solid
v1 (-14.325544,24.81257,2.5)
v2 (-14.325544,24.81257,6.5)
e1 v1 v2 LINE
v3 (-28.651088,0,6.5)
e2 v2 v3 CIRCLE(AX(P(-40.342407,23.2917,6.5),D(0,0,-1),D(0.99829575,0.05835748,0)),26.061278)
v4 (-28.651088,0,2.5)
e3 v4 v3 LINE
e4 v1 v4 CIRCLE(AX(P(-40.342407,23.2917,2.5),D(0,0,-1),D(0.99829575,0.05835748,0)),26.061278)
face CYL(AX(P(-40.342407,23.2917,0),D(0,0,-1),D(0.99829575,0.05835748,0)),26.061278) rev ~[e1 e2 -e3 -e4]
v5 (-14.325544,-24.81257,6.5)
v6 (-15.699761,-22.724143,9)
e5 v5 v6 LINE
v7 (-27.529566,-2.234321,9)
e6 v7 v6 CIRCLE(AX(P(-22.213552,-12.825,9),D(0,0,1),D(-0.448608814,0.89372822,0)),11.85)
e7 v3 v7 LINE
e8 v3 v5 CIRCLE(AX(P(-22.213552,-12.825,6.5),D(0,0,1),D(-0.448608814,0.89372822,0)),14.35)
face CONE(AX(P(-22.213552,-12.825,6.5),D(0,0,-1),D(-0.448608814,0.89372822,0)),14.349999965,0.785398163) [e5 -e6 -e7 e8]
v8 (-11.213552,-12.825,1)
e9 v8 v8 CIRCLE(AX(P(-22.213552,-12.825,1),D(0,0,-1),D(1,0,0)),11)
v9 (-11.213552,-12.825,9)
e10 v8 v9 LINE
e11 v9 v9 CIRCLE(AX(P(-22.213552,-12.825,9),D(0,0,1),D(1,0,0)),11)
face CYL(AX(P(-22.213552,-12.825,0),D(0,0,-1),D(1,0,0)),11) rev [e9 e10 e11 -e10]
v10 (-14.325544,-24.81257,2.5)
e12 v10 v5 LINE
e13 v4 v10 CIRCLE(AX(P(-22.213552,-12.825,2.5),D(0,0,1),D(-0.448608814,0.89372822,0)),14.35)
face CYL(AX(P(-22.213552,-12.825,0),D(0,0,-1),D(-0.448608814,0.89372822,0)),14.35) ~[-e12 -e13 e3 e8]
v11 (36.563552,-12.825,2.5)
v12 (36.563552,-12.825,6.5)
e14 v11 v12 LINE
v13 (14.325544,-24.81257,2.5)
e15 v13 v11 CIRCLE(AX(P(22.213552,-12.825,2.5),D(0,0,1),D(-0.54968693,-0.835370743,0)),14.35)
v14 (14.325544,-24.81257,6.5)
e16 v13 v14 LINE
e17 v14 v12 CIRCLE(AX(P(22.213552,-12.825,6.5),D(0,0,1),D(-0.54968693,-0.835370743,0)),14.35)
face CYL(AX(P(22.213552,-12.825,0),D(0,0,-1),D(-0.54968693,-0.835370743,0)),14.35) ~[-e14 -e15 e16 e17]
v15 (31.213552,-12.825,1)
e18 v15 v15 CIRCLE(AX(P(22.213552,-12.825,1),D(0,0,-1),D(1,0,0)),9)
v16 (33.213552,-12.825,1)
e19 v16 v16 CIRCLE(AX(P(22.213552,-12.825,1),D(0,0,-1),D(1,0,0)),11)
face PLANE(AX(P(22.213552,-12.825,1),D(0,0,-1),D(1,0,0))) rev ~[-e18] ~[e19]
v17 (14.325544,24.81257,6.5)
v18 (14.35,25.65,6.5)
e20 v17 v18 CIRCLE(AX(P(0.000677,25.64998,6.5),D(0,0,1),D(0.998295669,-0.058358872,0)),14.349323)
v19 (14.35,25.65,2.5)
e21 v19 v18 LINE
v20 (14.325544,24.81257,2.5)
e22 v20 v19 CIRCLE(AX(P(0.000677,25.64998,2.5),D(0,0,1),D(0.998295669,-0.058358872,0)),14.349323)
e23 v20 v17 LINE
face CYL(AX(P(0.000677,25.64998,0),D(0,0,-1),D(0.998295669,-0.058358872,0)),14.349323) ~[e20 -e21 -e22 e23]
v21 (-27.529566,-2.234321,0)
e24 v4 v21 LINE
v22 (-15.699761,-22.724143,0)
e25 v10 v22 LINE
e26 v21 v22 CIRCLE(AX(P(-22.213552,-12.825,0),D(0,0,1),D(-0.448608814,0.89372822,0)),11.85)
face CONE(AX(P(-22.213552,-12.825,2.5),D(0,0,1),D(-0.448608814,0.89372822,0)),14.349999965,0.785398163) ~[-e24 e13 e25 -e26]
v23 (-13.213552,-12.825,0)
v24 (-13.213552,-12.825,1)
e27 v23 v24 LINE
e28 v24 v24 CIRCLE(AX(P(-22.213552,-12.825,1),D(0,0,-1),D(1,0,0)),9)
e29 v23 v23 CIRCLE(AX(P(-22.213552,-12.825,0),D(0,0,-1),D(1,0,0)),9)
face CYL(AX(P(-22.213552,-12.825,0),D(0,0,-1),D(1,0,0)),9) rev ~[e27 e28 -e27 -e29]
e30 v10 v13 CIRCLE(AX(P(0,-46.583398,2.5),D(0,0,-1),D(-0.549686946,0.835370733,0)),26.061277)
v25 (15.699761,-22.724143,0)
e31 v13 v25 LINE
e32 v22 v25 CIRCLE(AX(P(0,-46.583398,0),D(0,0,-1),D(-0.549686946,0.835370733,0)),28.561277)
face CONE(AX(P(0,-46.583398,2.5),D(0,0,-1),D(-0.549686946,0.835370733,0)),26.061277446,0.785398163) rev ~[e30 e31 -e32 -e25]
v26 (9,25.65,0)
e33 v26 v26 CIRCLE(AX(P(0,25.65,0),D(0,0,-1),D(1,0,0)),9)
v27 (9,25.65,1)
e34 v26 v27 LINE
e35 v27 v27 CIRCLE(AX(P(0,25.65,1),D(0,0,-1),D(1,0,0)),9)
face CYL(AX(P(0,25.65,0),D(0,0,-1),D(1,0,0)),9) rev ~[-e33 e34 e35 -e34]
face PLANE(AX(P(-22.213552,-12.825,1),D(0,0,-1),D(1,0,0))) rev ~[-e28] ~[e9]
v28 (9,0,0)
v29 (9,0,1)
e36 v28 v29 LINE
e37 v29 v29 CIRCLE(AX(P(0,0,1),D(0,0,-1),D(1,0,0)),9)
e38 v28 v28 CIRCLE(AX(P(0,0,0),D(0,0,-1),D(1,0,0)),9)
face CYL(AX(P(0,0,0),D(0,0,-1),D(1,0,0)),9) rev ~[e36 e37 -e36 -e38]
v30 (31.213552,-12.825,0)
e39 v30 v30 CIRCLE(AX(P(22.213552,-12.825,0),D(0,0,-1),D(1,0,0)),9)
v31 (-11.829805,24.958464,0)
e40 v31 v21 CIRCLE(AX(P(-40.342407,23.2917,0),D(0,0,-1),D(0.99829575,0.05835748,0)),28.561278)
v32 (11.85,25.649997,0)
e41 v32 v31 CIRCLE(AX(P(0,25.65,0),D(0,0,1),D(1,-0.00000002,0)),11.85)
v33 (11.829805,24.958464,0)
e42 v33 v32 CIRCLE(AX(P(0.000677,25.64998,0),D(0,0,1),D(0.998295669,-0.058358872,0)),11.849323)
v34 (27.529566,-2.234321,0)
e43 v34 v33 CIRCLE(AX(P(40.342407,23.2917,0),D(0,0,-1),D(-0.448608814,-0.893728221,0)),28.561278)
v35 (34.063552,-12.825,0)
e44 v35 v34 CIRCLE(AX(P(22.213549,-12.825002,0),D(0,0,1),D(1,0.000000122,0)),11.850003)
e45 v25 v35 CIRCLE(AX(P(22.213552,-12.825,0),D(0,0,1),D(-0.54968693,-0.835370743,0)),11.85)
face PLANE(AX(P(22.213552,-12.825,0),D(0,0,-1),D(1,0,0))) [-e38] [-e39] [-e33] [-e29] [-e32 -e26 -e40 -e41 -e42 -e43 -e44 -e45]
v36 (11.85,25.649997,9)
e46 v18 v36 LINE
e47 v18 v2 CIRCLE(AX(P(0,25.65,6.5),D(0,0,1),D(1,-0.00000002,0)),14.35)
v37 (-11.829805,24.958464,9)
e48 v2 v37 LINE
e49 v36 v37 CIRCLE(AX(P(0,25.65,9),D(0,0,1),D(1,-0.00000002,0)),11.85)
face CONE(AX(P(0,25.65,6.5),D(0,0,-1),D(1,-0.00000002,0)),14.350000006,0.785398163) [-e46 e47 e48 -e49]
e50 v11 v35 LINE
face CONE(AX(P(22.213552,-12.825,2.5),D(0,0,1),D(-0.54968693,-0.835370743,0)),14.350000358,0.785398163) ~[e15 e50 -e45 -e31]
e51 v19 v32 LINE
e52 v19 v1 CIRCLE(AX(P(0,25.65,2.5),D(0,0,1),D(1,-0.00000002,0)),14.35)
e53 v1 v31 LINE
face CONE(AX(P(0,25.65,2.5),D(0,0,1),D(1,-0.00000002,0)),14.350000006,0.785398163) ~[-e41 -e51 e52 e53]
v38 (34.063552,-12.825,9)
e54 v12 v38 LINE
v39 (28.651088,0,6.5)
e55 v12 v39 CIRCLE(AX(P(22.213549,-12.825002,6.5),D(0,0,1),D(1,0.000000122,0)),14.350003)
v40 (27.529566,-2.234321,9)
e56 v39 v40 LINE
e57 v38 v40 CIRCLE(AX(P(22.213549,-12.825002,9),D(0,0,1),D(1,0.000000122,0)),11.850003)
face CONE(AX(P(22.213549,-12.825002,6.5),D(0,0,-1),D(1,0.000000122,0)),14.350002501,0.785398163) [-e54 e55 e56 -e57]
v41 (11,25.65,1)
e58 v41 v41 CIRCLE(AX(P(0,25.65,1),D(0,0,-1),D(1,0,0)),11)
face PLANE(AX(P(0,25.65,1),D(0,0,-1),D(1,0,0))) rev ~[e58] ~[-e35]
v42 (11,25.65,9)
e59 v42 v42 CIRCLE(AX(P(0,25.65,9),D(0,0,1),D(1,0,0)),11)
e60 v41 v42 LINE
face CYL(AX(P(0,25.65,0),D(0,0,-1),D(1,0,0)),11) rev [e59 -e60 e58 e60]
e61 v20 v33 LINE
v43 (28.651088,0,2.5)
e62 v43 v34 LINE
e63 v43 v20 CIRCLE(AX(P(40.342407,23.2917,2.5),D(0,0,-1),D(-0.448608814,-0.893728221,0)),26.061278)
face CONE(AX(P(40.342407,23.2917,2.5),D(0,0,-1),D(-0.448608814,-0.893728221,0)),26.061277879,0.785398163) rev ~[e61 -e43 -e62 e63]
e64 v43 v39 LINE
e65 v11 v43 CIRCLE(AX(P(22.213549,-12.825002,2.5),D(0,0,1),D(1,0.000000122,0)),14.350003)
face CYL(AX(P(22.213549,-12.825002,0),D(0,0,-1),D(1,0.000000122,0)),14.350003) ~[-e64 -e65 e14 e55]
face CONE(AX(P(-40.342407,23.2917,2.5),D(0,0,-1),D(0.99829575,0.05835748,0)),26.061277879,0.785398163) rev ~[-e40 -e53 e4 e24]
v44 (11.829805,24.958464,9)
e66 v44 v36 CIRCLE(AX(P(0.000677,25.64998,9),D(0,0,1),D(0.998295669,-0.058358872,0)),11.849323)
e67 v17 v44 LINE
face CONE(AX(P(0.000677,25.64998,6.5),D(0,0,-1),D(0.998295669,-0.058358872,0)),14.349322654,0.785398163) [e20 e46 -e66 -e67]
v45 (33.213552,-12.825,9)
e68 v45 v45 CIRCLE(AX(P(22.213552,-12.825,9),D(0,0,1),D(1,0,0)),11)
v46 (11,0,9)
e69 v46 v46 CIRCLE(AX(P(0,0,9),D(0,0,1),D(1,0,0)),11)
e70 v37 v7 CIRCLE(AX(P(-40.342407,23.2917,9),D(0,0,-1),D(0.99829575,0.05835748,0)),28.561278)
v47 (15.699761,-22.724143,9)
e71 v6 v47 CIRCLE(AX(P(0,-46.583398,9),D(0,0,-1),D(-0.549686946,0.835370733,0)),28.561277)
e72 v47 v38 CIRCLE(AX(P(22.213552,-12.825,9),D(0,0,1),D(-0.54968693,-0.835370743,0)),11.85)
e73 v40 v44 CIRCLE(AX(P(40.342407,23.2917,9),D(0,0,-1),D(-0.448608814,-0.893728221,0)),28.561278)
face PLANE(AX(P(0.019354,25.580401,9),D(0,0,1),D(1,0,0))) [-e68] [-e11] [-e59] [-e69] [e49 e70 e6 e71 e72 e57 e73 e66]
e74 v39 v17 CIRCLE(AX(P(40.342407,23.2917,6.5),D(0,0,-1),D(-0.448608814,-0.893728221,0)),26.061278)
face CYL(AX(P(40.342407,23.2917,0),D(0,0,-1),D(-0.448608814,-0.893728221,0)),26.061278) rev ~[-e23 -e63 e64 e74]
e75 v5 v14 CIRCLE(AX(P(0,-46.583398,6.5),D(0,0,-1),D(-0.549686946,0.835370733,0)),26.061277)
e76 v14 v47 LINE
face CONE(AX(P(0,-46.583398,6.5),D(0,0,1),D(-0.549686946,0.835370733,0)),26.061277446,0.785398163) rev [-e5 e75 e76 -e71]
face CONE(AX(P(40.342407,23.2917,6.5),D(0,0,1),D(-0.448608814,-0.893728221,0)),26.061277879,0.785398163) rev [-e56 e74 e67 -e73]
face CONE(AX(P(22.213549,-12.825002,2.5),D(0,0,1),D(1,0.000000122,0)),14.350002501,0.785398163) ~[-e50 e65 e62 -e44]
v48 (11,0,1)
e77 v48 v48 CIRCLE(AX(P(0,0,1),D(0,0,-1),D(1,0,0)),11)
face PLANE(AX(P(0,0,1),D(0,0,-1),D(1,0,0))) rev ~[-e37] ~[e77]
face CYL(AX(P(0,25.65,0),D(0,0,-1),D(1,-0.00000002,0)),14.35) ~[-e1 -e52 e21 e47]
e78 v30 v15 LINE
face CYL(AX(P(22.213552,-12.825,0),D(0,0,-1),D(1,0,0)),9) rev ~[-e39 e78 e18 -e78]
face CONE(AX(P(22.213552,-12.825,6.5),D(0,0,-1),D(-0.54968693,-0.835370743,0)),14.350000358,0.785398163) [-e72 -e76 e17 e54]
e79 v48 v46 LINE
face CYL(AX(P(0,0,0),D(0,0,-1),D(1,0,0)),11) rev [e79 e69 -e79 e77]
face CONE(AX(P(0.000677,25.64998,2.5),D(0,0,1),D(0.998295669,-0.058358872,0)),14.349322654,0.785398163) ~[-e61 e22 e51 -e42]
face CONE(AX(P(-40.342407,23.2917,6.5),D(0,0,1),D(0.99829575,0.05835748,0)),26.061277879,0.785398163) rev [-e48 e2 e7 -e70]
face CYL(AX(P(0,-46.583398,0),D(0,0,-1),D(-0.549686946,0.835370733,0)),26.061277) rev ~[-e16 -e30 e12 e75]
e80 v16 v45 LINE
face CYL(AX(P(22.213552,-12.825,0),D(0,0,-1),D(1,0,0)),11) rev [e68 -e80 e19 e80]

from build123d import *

# Parameters (mm, degrees)
F0_R     = 11
F1_DEPTH = 9
F2_SIZE  = 2.5
F3_R     = 11
F3_R_2   = 9
F4_DEPTH = 1


with BuildPart() as f1:
    # F0 (on Top) → F1 (new body)
    with BuildSketch(Plane.XY):
        with BuildLine():
            ThreePointArc((14.325544, 24.81257), (14.343885, 25.231107), (14.35, 25.65))
            ThreePointArc((14.35, 25.65), (-0.418893, 39.993885), (-14.325544, 24.81257))
            ThreePointArc((-14.325544, 24.81257), (0, 11.3), (14.325544, 24.81257))
        make_face()
        with Locations((0, 25.65)):
            Circle(F0_R, mode=Mode.SUBTRACT)
        with BuildLine():
            ThreePointArc((14.325544, 24.81257), (0, 11.3), (-14.325544, 24.81257))
            ThreePointArc((-14.325544, 24.81257), (-17.772678, 10.261061), (-28.651088, 0))
            ThreePointArc((-28.651088, 0), (-14.678837, -0.612278), (-7.863552, -12.825))
            ThreePointArc((-7.863552, -12.825), (-9.581936, -19.63417), (-14.325544, -24.81257))
            ThreePointArc((-14.325544, -24.81257), (0, -20.522121), (14.325544, -24.81257))
            ThreePointArc((14.325544, -24.81257), (9.786087, -5.65), (28.651088, 0))
            ThreePointArc((28.651088, 0), (17.772678, 10.261061), (14.325544, 24.81257))
        make_face()
        Circle(F0_R, mode=Mode.SUBTRACT)
        with BuildLine():
            ThreePointArc((-7.863552, -12.825), (-14.678837, -0.612278), (-28.651088, 0))
            ThreePointArc((-28.651088, 0), (-34.641016, -20), (-14.325544, -24.81257))
            ThreePointArc((-14.325544, -24.81257), (-9.581936, -19.63417), (-7.863552, -12.825))
        make_face()
        with Locations((-22.213552, -12.825)):
            Circle(F0_R, mode=Mode.SUBTRACT)
        with BuildLine():
            ThreePointArc((36.563552, -12.825), (34.426273, -5.290285), (28.651088, 0))
            ThreePointArc((28.651088, 0), (9.786087, -5.65), (14.325544, -24.81257))
            ThreePointArc((14.325544, -24.81257), (29.022722, -25.456615), (36.563552, -12.825))
        make_face()
        with Locations((22.213552, -12.825)):
            Circle(F0_R, mode=Mode.SUBTRACT)
    extrude(amount=F1_DEPTH)

    # F2
    f2_edges = [f1.edges().sort_by_distance(p)[0] for p in [
        (17.772678, 10.261061, 9),
        (17.772678, 10.261061, 0),
    ]]
    chamfer(f2_edges, length=F2_SIZE)

    # F3 (on face) → F4 (join)
    with BuildSketch(Plane(origin=(0, 0, 0), x_dir=(1, 0, 0), z_dir=(0, 0, -1))):
        with Locations((22.213552, 12.825)):
            Circle(F3_R)
        with Locations((22.213552, 12.825)):
            Circle(F3_R_2, mode=Mode.SUBTRACT)
        with Locations((-22.213552, 12.825)):
            Circle(F3_R)
        with Locations((-22.213552, 12.825)):
            Circle(F3_R_2, mode=Mode.SUBTRACT)
        Circle(F3_R)
        Circle(F3_R_2, mode=Mode.SUBTRACT)
        with Locations((0, -25.65)):
            Circle(F3_R)
        with Locations((0, -25.65)):
            Circle(F3_R_2, mode=Mode.SUBTRACT)
    extrude(amount=-F4_DEPTH)


solid = f1.part
